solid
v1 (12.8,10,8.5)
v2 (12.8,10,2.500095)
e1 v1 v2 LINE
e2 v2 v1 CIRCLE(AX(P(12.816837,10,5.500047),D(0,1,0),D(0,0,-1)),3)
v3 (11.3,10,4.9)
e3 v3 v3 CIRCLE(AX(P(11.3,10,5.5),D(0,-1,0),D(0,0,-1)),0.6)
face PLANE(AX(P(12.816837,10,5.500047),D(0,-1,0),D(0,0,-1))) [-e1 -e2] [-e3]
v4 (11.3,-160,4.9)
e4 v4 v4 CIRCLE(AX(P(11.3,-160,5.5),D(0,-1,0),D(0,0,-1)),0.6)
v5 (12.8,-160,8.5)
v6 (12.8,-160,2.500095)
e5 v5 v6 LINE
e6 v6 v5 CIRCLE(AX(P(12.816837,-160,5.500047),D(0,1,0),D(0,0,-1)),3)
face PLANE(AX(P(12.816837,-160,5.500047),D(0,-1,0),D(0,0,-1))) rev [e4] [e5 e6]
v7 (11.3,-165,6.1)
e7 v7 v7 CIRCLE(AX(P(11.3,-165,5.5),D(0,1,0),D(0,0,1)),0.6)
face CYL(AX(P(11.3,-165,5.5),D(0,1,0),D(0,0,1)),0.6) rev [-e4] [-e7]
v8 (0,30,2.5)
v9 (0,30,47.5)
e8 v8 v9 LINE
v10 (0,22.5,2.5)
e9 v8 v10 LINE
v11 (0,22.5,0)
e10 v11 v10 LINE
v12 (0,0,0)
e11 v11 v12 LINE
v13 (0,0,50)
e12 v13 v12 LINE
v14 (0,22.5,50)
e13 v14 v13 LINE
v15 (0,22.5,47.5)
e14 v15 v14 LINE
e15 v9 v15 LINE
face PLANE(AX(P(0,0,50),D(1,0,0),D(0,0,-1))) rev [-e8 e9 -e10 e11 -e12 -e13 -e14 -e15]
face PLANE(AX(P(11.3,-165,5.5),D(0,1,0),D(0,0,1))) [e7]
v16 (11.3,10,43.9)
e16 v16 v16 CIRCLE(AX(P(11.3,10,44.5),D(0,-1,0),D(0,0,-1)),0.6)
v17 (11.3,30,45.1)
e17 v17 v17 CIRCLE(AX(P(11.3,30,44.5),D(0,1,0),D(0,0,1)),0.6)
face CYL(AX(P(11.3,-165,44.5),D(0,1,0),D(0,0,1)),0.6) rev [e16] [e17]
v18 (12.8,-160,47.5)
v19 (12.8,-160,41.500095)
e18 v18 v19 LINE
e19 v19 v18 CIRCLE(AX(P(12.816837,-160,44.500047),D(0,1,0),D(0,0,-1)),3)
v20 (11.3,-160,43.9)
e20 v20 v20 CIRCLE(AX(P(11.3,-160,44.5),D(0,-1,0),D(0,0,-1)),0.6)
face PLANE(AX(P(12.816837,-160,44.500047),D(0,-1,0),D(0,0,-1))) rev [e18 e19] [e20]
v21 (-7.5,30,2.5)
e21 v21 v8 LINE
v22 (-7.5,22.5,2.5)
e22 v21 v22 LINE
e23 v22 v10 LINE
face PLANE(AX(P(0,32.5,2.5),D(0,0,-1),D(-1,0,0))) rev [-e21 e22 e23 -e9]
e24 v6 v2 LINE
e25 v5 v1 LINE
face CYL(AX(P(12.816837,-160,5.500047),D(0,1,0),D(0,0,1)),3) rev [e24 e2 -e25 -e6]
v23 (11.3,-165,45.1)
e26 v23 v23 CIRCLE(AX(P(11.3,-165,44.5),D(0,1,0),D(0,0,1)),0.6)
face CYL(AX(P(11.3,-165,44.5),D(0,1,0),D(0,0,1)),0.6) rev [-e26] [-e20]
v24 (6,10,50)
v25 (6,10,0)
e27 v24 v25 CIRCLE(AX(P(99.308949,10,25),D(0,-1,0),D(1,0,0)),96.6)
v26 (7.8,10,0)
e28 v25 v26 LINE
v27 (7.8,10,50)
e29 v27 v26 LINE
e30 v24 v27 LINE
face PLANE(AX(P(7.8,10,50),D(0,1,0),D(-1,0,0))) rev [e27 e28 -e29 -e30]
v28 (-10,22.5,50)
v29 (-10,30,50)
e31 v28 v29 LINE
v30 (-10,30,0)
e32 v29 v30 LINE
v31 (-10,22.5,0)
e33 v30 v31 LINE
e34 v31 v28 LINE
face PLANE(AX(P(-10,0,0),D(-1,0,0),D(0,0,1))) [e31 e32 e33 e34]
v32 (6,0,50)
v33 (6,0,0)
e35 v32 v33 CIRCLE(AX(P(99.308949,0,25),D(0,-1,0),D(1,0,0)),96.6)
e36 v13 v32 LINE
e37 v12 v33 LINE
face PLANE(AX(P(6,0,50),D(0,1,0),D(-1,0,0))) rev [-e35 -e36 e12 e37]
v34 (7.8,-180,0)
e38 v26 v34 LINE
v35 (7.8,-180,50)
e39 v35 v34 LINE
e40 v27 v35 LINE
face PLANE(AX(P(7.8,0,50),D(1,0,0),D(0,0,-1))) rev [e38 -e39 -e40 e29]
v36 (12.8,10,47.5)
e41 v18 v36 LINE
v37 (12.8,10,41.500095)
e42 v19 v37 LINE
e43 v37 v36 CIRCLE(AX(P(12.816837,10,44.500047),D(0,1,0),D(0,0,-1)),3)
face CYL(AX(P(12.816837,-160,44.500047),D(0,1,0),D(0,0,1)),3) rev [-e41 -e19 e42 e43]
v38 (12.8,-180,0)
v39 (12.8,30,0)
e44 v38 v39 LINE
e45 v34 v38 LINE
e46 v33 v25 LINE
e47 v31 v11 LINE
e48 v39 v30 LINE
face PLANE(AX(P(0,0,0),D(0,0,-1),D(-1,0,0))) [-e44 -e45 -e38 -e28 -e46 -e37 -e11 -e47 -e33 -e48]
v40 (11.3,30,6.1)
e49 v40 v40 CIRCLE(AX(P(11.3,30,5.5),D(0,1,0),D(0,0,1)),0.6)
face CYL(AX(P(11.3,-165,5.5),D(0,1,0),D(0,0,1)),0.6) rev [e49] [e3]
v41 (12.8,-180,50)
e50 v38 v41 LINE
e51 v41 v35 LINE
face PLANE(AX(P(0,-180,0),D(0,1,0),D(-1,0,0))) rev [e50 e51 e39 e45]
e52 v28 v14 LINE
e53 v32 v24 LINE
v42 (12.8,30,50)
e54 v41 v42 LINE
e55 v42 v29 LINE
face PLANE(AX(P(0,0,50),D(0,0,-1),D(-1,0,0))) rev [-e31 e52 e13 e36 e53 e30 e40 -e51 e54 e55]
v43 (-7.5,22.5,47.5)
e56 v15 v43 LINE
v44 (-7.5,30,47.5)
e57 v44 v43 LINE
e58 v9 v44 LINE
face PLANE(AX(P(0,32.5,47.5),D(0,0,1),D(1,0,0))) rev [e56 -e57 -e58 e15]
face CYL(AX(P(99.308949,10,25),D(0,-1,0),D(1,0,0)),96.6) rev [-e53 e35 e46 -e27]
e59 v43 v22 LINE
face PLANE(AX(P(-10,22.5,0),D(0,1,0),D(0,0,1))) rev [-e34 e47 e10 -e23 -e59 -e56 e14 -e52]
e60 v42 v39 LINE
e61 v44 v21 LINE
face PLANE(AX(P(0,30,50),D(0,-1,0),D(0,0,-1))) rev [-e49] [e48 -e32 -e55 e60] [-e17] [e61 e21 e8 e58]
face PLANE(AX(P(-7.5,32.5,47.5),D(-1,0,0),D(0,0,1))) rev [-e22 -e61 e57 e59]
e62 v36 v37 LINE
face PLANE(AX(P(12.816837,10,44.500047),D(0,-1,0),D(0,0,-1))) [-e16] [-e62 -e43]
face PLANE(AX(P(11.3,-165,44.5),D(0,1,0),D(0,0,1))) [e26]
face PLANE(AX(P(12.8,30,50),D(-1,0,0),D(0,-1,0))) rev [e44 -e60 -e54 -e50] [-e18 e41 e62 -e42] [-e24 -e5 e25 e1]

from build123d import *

# Parameters (mm, degrees)
BOSS_EXTRUDE1_DEPTH      = 50
SKETCH3_W                = 5
SKETCH3_H                = 50
BOSS_EXTRUDE3_DEPTH      = 180
CORTE_EXTRUS_O1_DEPTH    = 10
ESBO_O3_W                = 50
ESBO_O3_H                = 7.5
RESSALTO_EXTRUS_O2_DEPTH = 10
ESBO_O4_W                = 7.5
ESBO_O4_H                = 45
CORTE_EXTRUS_O2_DEPTH    = 10
CORTE_EXTRUS_O3_START    = -20
CORTE_EXTRUS_O3_DEPTH    = 170
ESBO_O6_R                = 0.6
CORTE_EXTRUS_O4_DEPTH    = 195
PADR_O_LINEAR1_COUNT     = 2
PADR_O_LINEAR1_PITCH     = 39


with BuildPart() as part:
    # Sketch1 → Boss-Extrude1 (new body)
    with BuildSketch(Plane.XY):
        Polygon((0, 0), (0, 30), (12.8, 30), (12.8, 0), (7.8, 0), (7.8, 10), (6, 10), (6, 0), align=None)
    extrude(amount=BOSS_EXTRUDE1_DEPTH)

    # Sketch3 → Boss-Extrude3 (add)
    with BuildSketch(Plane.XZ):
        with Locations((10.3, 25)):
            Rectangle(SKETCH3_W, SKETCH3_H)
    extrude(amount=BOSS_EXTRUDE3_DEPTH)

    # Esboço2 → Corte-extrusão1 (cut)
    with BuildSketch(Plane.XZ):
        with BuildLine():
            Line((6, 50), (6, 0))
            ThreePointArc((6, 0), (2.708949196, 25), (6, 50))
        make_face()
    extrude(amount=-CORTE_EXTRUS_O1_DEPTH, mode=Mode.SUBTRACT)

    # Esboço3 → Ressalto-extrusão2 (add)
    with BuildSketch(Plane.ZY):
        with Locations((25, 26.25)):
            Rectangle(ESBO_O3_W, ESBO_O3_H)
    extrude(amount=RESSALTO_EXTRUS_O2_DEPTH)

    # Esboço4 → Corte-extrusão2 (cut)
    with BuildSketch(Plane.XZ.offset(-22.5)):
        with Locations((-3.75, 25)):
            Rectangle(ESBO_O4_W, ESBO_O4_H)
    extrude(amount=-CORTE_EXTRUS_O2_DEPTH, mode=Mode.SUBTRACT)

    # Esboço5 → Corte-extrusão3 (cut)
    with BuildSketch(Plane(origin=(0, 30, 0), x_dir=(1, 0, 0), z_dir=(0, 1, 0)).offset(CORTE_EXTRUS_O3_START)):
        with BuildLine():
            Line((12.8, -41.5000945), (12.8, -47.5))
            ThreePointArc((12.8, -47.5), (9.816837413, -44.50004725), (12.8, -41.5000945))
        make_face()
    corte_extrus_o3 = extrude(amount=-CORTE_EXTRUS_O3_DEPTH, mode=Mode.SUBTRACT)

    # Esboço6 → Corte-extrusão4 (cut)
    with BuildSketch(Plane(origin=(0, 30, 0), x_dir=(1, 0, 0), z_dir=(0, 1, 0))):
        with Locations(Location((11.3, -44.5, 0), (0, 0, 270))):
            Circle(ESBO_O6_R)
    corte_extrus_o4 = extrude(amount=-CORTE_EXTRUS_O4_DEPTH, mode=Mode.SUBTRACT)

    # Padrão linear1: Corte-extrusão3, Corte-extrusão4 ×2
    with Locations(*[(0, 0, -i * PADR_O_LINEAR1_PITCH) for i in range(1, PADR_O_LINEAR1_COUNT)]):
        add(corte_extrus_o3, mode=Mode.SUBTRACT)
        add(corte_extrus_o4, mode=Mode.SUBTRACT)


solid = part.part
